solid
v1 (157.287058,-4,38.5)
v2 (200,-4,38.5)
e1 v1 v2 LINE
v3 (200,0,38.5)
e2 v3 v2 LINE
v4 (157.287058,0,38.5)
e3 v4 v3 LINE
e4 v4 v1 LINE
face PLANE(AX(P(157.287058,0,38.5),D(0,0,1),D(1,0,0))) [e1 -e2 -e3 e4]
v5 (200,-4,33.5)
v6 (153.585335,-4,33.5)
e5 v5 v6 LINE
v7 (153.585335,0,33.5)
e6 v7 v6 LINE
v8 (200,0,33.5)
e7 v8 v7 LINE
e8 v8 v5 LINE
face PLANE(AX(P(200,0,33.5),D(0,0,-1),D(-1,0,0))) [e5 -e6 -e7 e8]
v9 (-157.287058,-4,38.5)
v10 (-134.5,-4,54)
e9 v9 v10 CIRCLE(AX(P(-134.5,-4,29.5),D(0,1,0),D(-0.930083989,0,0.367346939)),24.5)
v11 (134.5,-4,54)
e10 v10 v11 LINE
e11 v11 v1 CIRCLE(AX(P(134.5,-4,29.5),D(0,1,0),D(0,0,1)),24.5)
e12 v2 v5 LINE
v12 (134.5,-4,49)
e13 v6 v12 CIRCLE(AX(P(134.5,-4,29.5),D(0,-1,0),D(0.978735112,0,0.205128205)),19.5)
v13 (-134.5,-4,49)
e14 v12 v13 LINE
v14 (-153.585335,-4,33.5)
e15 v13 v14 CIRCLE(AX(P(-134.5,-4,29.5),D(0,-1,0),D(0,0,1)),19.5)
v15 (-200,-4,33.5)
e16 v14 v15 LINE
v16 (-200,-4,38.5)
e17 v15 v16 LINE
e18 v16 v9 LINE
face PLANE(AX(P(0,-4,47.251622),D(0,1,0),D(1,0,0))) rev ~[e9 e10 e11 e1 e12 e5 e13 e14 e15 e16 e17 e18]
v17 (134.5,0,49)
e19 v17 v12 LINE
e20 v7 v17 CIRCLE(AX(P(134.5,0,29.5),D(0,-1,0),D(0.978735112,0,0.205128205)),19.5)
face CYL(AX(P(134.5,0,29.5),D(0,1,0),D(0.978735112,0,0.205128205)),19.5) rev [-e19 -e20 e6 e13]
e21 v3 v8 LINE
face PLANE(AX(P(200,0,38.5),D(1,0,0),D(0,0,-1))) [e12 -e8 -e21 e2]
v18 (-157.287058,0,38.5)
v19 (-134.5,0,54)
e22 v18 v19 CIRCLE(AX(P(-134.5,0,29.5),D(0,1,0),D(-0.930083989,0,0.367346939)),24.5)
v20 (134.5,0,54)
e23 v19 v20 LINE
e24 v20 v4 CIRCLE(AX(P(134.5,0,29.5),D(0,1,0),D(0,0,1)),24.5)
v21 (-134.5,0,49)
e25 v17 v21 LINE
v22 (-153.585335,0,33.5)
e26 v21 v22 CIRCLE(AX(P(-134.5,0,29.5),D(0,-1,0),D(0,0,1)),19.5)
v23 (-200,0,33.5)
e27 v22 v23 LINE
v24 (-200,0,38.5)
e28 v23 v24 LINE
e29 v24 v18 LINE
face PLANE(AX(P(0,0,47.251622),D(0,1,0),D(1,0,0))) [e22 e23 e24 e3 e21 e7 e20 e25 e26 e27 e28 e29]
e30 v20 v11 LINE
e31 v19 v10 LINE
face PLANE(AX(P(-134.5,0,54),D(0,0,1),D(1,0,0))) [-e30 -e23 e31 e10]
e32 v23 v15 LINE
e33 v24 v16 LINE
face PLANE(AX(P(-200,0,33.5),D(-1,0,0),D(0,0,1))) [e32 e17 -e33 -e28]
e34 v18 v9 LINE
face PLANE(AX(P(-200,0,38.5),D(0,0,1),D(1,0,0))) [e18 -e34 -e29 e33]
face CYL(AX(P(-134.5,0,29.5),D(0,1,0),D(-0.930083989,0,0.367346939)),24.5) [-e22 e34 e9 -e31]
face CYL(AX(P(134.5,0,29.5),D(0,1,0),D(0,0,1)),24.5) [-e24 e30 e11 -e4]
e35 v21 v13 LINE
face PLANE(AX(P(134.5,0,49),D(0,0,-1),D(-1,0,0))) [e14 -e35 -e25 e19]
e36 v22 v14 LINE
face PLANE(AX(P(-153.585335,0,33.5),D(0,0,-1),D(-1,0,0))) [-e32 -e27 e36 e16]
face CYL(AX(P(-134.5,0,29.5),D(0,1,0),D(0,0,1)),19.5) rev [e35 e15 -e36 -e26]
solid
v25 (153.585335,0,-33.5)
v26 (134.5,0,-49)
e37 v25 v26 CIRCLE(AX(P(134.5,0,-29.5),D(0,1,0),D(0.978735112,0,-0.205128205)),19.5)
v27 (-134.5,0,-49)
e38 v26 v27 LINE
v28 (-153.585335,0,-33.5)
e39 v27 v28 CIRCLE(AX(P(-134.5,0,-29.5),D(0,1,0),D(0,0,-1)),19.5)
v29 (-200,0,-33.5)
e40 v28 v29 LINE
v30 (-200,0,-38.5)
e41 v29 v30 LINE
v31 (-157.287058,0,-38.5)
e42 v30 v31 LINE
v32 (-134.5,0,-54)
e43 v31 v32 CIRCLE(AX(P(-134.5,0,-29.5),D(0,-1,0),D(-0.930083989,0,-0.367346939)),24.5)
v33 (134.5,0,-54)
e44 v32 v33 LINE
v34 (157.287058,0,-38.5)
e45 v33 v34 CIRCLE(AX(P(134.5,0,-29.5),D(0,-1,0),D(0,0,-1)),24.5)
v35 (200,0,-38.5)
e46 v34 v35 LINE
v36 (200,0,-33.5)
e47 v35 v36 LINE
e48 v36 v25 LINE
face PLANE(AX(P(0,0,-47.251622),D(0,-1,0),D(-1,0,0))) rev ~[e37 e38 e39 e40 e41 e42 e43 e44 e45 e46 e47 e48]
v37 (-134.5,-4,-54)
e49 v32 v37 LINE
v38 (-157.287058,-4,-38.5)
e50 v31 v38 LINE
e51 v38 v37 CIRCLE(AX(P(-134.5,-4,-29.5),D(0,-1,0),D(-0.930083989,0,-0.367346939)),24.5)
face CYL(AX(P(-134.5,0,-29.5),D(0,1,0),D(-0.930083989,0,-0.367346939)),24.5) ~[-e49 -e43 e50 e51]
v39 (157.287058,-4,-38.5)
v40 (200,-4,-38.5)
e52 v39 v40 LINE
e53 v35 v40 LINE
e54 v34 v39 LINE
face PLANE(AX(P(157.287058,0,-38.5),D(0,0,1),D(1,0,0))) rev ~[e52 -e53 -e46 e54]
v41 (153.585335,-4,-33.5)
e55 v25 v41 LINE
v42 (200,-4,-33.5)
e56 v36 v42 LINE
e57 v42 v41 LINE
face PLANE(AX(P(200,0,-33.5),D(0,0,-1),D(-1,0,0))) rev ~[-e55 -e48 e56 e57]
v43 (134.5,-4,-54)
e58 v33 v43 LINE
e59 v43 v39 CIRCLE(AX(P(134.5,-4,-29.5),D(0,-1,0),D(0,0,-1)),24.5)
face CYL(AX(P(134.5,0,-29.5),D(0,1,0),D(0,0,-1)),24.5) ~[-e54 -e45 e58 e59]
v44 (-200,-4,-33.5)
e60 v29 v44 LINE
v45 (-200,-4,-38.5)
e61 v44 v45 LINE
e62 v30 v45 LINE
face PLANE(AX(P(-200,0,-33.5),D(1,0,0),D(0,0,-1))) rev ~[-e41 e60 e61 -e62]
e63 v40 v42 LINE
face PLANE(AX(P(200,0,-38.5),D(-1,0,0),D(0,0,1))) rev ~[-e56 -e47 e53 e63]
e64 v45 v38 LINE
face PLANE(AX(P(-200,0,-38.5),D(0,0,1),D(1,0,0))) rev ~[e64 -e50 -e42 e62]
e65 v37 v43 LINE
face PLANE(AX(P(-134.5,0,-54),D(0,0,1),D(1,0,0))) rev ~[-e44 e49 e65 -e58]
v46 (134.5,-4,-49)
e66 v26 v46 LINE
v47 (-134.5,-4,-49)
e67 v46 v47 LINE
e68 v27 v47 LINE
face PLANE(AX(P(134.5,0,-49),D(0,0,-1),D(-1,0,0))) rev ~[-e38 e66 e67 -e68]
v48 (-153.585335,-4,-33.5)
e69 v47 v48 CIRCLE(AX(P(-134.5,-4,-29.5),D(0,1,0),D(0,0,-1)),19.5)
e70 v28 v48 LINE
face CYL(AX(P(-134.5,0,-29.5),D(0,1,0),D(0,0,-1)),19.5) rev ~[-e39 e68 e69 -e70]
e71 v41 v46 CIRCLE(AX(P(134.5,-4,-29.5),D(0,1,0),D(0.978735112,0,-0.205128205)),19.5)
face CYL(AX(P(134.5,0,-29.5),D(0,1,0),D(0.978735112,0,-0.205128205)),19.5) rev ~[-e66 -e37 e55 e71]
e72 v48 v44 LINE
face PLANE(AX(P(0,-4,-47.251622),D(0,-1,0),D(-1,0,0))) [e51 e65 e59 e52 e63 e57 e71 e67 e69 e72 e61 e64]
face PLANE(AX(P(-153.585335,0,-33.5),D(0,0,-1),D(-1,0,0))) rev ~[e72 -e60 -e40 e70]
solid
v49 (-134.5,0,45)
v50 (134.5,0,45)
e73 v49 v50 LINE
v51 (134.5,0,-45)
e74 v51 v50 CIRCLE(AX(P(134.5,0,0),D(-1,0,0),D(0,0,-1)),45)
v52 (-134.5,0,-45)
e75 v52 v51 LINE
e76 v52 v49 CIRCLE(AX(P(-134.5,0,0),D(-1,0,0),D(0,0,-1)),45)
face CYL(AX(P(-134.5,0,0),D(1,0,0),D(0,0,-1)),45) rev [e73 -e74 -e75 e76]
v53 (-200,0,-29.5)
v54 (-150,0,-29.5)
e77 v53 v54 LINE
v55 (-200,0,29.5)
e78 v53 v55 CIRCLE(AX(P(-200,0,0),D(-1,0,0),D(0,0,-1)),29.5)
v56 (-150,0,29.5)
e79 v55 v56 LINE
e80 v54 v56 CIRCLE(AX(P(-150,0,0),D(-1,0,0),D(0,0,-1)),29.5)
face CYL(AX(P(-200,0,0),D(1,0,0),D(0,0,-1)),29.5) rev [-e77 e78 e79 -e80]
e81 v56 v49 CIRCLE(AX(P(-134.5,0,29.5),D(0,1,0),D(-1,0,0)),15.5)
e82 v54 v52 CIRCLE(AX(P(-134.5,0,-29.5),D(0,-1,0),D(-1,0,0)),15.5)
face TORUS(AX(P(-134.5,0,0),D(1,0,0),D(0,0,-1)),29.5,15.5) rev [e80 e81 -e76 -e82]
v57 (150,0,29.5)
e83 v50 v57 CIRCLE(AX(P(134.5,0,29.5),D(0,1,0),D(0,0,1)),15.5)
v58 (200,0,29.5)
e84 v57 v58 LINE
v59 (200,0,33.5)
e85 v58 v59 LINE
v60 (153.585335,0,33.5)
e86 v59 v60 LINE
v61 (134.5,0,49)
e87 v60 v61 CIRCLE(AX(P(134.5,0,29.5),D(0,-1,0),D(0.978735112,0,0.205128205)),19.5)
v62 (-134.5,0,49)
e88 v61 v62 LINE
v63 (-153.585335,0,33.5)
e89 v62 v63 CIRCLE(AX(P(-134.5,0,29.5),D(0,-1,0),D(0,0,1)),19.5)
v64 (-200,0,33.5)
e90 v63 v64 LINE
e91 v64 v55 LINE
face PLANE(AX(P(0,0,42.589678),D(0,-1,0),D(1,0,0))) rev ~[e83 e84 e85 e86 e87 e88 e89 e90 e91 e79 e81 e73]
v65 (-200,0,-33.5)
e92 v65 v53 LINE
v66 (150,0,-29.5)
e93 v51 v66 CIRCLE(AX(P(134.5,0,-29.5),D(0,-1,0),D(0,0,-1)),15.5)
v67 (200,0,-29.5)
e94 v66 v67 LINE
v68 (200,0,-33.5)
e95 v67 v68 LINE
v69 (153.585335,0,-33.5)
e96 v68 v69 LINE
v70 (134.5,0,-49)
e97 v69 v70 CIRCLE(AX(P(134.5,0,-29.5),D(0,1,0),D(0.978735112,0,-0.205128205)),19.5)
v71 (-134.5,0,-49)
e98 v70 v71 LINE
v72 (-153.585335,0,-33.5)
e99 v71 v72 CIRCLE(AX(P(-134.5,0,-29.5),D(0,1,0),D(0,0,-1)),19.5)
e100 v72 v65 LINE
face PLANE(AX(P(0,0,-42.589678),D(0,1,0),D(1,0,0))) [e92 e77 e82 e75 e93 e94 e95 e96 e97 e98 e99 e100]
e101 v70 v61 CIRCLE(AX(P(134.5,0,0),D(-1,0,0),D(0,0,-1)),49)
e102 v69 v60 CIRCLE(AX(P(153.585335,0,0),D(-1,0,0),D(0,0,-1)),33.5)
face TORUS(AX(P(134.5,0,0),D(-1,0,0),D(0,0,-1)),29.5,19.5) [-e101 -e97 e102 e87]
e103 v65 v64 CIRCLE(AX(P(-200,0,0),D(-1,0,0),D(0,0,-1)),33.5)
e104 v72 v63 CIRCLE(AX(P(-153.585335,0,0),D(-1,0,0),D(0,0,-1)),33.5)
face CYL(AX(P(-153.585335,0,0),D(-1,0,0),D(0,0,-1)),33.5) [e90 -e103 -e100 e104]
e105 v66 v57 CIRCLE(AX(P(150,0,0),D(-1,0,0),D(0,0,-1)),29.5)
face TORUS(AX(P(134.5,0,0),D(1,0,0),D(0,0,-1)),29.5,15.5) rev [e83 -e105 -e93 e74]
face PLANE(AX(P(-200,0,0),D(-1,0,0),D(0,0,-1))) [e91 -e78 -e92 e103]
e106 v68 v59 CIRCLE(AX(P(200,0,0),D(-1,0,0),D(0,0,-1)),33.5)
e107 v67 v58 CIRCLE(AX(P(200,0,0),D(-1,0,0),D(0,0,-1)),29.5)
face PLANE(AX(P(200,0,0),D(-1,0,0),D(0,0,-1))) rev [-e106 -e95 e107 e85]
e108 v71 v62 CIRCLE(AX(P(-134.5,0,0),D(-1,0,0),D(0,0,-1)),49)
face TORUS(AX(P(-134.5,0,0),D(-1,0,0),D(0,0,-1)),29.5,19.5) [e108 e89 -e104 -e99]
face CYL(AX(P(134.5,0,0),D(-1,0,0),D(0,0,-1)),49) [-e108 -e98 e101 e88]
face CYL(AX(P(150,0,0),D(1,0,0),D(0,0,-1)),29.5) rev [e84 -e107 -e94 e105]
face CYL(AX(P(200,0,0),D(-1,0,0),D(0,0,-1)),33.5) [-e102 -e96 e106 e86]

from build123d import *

# Parameters (mm, degrees)
REVOLVE1_ANGLE        = 180
BOSS_EXTRUDE2_DEPTH   = 4
BOSS_EXTRUDE2_2_DEPTH = 4


with BuildPart() as part:
    # Sketch1 → Revolve1 (revolve)
    with BuildSketch(Plane(origin=(0, 0, 0), x_dir=(1, 0, 0), z_dir=(0, 1, 0))):
        with BuildLine():
            Line((-200, 29.5), (-150, 29.5))
            ThreePointArc((-150, 29.5), (-145.460155108, 40.460155108), (-134.5, 45))
            Line((-134.5, 45), (134.5, 45))
            ThreePointArc((134.5, 45), (145.460155108, 40.460155108), (150, 29.5))
            Line((150, 29.5), (200, 29.5))
            Line((200, 29.5), (200, 33.5))
            Line((200, 33.5), (153.585334684, 33.5))
            ThreePointArc((153.585334684, 33.5), (146.793290853, 44.636875503), (134.5, 49))
            Line((134.5, 49), (-134.5, 49))
            ThreePointArc((-134.5, 49), (-146.793290853, 44.636875503), (-153.585334684, 33.5))
            Line((-153.585334684, 33.5), (-200, 33.5))
            Line((-200, 33.5), (-200, 29.5))
        make_face()
    revolve(axis=Axis((0, 0, 0), (-1, 0, 0)), revolution_arc=REVOLVE1_ANGLE)


with BuildPart() as body_2:
    # Sketch3 → Boss-Extrude2 (new body)
    with BuildSketch(Plane(origin=(0, 0, 0), x_dir=(1, 0, 0), z_dir=(0, 1, 0))):
        with BuildLine():
            Line((200, 33.5), (153.585334684, 33.5))
            ThreePointArc((153.585334684, 33.5), (146.793290853, 44.636875503), (134.5, 49))
            Line((134.5, 49), (-134.5, 49))
            ThreePointArc((-134.5, 49), (-146.793290853, 44.636875503), (-153.585334684, 33.5))
            Line((-153.585334684, 33.5), (-200, 33.5))
            Line((-200, 33.5), (-200, 38.5))
            Line((-200, 38.5), (-157.28705773, 38.5))
            ThreePointArc((-157.28705773, 38.5), (-148.27951378, 49.75771458), (-134.5, 54))
            Line((-134.5, 54), (134.5, 54))
            ThreePointArc((134.5, 54), (148.27951378, 49.75771458), (157.28705773, 38.5))
            Line((157.28705773, 38.5), (200, 38.5))
            Line((200, 38.5), (200, 33.5))
        make_face()
    extrude(amount=-BOSS_EXTRUDE2_DEPTH)


with BuildPart() as body_3:
    # Sketch3 → Boss-Extrude2 2 (new body)
    with BuildSketch(Plane(origin=(0, 0, 0), x_dir=(1, 0, 0), z_dir=(0, 1, 0))):
        with BuildLine():
            Line((200, -38.5), (200, -33.5))
            Line((200, -33.5), (153.585334684, -33.5))
            ThreePointArc((153.585334684, -33.5), (146.793290853, -44.636875503), (134.5, -49))
            Line((134.5, -49), (-134.5, -49))
            ThreePointArc((-134.5, -49), (-146.793290853, -44.636875503), (-153.585334684, -33.5))
            Line((-153.585334684, -33.5), (-200, -33.5))
            Line((-200, -33.5), (-200, -38.5))
            Line((-200, -38.5), (-157.28705773, -38.5))
            ThreePointArc((-157.28705773, -38.5), (-148.27951378, -49.75771458), (-134.5, -54))
            Line((-134.5, -54), (134.5, -54))
            ThreePointArc((134.5, -54), (148.27951378, -49.75771458), (157.28705773, -38.5))
            Line((157.28705773, -38.5), (200, -38.5))
        make_face()
    extrude(amount=-BOSS_EXTRUDE2_2_DEPTH)


solid = Compound([part.part, body_2.part, body_3.part])
